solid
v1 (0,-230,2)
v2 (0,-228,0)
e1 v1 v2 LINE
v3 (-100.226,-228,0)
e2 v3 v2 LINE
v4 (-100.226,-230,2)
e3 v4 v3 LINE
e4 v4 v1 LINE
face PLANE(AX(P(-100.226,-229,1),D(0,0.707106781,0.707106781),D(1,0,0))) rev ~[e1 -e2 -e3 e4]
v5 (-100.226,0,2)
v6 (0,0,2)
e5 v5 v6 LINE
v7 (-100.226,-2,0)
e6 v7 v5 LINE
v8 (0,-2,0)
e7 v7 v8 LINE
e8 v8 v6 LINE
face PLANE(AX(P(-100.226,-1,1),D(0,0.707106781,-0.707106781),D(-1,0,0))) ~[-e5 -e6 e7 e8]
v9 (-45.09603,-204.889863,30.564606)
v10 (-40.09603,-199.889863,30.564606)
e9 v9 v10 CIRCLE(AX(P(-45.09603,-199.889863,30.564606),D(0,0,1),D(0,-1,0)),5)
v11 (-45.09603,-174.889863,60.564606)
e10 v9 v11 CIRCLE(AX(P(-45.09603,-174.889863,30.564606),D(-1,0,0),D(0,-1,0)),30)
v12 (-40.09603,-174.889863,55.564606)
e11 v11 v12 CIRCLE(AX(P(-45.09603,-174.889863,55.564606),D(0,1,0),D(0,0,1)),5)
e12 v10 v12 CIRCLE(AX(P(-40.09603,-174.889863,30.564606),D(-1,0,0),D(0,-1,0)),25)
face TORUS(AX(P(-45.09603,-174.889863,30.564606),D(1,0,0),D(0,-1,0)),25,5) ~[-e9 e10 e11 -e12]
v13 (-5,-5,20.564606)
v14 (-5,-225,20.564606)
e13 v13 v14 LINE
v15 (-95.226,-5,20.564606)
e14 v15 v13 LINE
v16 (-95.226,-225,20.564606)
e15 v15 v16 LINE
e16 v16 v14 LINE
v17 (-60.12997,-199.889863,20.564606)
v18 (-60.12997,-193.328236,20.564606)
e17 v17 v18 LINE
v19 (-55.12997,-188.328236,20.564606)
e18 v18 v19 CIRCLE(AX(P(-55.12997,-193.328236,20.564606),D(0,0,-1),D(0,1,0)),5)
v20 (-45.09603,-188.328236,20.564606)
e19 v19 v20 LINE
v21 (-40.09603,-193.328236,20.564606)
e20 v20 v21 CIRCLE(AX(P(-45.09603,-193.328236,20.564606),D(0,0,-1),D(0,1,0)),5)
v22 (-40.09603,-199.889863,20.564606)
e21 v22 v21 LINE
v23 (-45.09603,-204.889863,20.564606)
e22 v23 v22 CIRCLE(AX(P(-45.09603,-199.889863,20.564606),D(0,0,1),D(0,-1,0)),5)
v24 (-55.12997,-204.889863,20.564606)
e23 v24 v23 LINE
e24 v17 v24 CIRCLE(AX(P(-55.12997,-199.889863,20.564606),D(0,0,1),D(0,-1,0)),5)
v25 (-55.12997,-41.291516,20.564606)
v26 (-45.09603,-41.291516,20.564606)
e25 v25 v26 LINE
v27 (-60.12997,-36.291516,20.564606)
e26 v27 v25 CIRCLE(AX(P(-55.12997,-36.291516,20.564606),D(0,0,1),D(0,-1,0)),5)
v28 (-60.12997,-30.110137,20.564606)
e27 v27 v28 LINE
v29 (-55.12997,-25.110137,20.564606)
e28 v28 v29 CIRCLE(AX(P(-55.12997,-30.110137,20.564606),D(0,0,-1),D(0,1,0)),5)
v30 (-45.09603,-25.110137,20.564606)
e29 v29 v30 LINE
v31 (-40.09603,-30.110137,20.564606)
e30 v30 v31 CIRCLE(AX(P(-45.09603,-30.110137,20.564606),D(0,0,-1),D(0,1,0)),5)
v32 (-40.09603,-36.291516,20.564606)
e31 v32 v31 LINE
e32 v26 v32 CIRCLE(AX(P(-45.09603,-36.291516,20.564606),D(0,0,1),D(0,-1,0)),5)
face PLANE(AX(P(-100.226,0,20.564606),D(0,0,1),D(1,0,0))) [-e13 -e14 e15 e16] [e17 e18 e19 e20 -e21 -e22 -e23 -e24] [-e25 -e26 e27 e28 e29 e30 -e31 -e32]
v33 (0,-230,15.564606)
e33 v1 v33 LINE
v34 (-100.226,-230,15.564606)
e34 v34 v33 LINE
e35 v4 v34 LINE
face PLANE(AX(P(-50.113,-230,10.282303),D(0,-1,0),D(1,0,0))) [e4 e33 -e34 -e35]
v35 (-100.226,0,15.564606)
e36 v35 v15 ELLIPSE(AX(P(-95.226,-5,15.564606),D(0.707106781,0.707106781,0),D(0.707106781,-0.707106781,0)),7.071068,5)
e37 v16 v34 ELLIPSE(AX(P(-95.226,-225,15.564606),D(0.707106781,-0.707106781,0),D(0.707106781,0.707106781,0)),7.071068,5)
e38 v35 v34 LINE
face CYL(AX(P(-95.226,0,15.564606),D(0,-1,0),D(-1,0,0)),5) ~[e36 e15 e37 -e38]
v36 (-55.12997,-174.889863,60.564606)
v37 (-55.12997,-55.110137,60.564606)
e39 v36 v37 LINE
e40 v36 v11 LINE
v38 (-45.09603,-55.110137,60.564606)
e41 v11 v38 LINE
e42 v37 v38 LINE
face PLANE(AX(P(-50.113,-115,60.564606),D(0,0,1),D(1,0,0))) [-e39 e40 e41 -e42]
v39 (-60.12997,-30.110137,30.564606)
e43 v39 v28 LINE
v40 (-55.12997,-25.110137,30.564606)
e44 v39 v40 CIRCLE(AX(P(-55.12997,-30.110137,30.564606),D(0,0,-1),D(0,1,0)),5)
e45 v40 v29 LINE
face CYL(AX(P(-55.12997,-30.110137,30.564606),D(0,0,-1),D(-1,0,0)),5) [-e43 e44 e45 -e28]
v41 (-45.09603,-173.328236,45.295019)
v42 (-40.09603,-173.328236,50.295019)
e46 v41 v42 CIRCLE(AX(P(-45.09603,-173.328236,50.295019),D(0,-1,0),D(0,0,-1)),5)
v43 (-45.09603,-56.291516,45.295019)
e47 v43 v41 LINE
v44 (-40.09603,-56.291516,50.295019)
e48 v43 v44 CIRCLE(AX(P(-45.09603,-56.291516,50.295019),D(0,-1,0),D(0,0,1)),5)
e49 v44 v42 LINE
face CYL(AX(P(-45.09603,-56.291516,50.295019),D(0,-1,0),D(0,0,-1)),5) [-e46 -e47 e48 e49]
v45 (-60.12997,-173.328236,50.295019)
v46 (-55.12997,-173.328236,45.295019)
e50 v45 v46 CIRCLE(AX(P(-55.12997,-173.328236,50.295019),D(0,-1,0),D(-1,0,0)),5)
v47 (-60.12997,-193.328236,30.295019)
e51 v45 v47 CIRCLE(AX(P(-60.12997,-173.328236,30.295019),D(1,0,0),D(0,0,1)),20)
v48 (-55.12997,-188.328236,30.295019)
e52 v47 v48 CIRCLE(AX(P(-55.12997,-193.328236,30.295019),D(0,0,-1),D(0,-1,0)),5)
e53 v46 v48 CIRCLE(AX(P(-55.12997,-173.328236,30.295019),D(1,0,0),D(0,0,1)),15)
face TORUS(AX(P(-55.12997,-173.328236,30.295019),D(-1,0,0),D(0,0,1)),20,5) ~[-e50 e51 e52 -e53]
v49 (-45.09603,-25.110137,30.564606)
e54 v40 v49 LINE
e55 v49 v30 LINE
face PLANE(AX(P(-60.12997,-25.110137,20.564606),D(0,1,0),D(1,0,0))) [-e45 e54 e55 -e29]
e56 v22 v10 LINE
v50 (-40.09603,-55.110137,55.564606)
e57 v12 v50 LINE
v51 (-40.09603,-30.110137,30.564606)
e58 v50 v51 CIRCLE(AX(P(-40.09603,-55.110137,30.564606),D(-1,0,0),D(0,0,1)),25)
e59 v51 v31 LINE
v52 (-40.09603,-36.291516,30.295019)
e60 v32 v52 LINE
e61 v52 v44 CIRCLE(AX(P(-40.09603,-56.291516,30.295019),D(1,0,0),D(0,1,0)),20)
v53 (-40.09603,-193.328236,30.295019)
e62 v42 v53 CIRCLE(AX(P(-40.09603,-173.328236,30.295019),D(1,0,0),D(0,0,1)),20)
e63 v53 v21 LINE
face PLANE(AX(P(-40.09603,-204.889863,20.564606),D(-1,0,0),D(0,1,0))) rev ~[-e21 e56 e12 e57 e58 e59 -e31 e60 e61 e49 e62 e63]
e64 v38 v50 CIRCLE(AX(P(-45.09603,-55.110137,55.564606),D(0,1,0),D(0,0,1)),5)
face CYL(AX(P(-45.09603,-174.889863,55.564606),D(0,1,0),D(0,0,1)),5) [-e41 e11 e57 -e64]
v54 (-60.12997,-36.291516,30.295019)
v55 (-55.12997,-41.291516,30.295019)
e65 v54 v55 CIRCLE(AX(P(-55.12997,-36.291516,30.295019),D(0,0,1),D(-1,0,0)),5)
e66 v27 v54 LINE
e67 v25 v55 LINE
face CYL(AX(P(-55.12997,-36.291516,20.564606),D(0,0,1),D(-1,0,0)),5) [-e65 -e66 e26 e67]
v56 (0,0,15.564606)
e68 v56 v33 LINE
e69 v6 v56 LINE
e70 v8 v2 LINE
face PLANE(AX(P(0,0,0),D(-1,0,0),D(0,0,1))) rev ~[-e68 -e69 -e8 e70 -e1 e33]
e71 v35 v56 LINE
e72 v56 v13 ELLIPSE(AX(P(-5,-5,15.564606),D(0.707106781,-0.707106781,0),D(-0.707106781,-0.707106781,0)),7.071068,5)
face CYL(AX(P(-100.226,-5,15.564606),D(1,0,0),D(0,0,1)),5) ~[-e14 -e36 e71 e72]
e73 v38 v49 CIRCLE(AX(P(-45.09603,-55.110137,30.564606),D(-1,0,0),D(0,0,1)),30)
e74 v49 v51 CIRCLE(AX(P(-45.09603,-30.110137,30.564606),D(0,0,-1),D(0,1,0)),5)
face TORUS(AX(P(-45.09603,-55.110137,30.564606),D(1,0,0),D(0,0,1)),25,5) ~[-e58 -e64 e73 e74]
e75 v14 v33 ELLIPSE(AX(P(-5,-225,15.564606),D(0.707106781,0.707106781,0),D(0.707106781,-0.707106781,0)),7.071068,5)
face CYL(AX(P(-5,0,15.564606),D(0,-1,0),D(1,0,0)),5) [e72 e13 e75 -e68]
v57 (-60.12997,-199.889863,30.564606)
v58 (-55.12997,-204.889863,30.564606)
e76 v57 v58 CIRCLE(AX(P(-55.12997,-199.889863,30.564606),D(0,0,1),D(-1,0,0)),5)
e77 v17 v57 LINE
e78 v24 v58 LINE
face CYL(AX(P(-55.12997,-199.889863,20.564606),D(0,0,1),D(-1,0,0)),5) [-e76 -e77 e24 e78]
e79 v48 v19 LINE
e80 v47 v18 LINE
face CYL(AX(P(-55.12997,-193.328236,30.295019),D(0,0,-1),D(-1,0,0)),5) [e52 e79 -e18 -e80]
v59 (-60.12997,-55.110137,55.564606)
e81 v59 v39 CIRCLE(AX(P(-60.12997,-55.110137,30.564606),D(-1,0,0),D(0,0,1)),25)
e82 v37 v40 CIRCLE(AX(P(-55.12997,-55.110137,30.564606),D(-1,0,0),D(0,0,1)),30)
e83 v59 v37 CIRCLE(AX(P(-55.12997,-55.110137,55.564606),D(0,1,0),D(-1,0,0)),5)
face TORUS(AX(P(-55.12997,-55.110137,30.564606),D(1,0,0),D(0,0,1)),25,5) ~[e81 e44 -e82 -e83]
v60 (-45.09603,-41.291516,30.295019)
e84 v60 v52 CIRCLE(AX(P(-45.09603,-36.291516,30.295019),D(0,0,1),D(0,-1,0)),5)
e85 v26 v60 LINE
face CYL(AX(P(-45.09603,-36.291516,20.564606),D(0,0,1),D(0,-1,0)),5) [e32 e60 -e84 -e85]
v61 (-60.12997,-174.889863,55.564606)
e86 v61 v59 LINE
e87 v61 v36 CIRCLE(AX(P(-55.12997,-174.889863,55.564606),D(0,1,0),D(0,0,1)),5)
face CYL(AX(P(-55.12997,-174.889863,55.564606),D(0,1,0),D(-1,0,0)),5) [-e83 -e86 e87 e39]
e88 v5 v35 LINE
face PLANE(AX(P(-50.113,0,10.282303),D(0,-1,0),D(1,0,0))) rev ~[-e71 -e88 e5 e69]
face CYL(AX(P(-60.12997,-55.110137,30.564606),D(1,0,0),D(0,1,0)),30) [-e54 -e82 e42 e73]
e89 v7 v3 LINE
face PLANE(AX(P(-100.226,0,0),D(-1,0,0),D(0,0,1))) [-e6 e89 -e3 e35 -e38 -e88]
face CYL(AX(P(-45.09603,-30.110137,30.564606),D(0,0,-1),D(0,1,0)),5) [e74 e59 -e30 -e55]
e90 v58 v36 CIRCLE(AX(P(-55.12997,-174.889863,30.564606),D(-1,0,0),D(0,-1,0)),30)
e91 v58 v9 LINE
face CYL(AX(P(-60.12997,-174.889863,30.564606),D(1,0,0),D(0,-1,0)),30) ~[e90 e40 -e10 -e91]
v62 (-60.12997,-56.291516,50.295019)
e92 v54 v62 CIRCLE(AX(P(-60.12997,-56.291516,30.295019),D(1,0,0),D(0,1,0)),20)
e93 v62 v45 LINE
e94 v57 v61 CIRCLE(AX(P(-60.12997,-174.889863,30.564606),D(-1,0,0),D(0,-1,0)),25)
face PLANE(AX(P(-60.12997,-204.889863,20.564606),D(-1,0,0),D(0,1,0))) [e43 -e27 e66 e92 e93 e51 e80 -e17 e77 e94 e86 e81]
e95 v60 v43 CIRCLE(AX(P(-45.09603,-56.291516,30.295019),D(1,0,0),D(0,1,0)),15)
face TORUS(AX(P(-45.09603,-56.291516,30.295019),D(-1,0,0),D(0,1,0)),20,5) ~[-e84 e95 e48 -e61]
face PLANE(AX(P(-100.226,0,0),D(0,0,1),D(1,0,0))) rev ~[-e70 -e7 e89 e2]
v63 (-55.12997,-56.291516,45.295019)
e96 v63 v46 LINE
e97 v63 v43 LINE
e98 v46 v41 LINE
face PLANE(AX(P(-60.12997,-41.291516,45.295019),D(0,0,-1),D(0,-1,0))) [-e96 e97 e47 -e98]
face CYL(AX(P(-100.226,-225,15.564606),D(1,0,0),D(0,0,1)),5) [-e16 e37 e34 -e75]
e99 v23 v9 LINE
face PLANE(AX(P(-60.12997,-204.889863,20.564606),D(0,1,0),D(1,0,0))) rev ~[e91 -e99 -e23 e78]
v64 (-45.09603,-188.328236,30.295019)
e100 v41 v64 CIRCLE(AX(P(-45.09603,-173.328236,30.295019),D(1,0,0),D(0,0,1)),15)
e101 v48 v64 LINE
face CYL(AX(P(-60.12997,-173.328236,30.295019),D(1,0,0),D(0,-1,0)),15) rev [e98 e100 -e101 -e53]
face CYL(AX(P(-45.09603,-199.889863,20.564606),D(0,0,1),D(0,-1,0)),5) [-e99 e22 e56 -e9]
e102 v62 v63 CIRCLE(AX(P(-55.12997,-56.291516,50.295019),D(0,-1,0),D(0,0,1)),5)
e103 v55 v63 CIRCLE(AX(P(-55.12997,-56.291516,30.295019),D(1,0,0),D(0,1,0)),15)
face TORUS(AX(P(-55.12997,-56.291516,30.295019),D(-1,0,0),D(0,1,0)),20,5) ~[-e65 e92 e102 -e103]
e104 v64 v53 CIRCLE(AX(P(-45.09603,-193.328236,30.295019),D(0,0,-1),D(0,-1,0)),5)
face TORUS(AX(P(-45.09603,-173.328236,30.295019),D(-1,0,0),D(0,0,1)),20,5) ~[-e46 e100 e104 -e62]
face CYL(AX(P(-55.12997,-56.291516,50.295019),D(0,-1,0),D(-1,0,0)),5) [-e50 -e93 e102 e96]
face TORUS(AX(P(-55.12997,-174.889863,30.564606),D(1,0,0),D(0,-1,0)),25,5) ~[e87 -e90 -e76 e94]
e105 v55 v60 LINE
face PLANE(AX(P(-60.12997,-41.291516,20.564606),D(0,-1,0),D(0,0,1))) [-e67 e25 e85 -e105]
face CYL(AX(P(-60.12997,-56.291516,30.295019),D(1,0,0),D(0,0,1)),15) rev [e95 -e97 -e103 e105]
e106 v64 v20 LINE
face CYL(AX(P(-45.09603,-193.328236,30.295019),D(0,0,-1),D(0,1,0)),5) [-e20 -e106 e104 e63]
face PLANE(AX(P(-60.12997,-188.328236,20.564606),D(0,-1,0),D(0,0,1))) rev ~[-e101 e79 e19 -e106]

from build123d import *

# Parameters (mm, degrees)
F0_W     = 100.2259999514
F0_H     = 20.5646064132
F1_DEPTH = 230
F2_R     = 5
F3_W     = 20.0339406729
F3_H     = 179.7797265649
F4_DEPTH = 40
F5_R     = 30
F6_W     = 147.0367200673
F6_H     = 24.7304122895
F7_DEPTH = 25
F8_R     = 15
F9_R     = 5
F10_SIZE = 2
F11_SIZE = 2


with BuildPart() as f1:
    # F0 (on Front) → F1 (new body)
    with BuildSketch(Plane.XZ):
        with Locations((-50.1129999757, 10.2823032066)):
            Rectangle(F0_W, F0_H)
    extrude(amount=F1_DEPTH)

    # F2
    f2_edges = [f1.edges().sort_by_distance(p)[0] for p in [
        (-50.113, -230, 20.564606),
        (0, -115, 20.564606),
        (-100.226, -115, 20.564606),
        (-50.113, 0, 20.564606),
    ]]
    fillet(f2_edges, radius=F2_R)

    # F3 (on face) → F4 (join)
    with BuildSketch(Plane.XY.offset(20.5646064132)):
        with Locations((-50.1129999757, -115)):
            Rectangle(F3_W, F3_H)
    extrude(amount=F4_DEPTH)

    # F5
    f5_edges = [f1.edges().sort_by_distance(p)[0] for p in [
        (-50.113, -25.110137, 60.564606),
        (-50.113, -204.889863, 60.564606),
    ]]
    fillet(f5_edges, radius=F5_R)

    # F6 (on face) → F7 (cut)
    with BuildSketch(Plane(origin=(-60.1299703121, 0, 0), x_dir=(0, -1, 0), z_dir=(-1, 0, 0))):
        with Locations((114.8098763078, 32.929812558)):
            Rectangle(F6_W, F6_H)
    extrude(amount=-F7_DEPTH, mode=Mode.SUBTRACT)

    # F8
    f8_edges = [f1.edges().sort_by_distance(p)[0] for p in [
        (-50.113, -188.328236, 45.295019),
        (-50.113, -41.291516, 45.295019),
    ]]
    fillet(f8_edges, radius=F8_R)

    # F9
    f9_edges = [f1.edges().sort_by_distance(p)[0] for p in [
        (-60.12997, -115, 60.564606),
        (-60.12997, -33.896933, 51.77781),
        (-60.12997, -114.809876, 45.295019),
        (-60.12997, -45.684915, 40.90162),
        (-60.12997, -183.934838, 40.90162),
        (-40.09603, -115, 60.564606),
        (-40.09603, -196.103067, 51.77781),
        (-40.09603, -114.809876, 45.295019),
    ]]
    fillet(f9_edges, radius=F9_R)

    # F10
    f10_edges = [f1.edges().sort_by_distance(p)[0] for p in [
        (-50.113, -230, 0),
    ]]
    chamfer(f10_edges, length=F10_SIZE)

    # F11
    f11_edges = [f1.edges().sort_by_distance(p)[0] for p in [
        (-50.113, 0, 0),
    ]]
    chamfer(f11_edges, length=F11_SIZE)


solid = f1.part
